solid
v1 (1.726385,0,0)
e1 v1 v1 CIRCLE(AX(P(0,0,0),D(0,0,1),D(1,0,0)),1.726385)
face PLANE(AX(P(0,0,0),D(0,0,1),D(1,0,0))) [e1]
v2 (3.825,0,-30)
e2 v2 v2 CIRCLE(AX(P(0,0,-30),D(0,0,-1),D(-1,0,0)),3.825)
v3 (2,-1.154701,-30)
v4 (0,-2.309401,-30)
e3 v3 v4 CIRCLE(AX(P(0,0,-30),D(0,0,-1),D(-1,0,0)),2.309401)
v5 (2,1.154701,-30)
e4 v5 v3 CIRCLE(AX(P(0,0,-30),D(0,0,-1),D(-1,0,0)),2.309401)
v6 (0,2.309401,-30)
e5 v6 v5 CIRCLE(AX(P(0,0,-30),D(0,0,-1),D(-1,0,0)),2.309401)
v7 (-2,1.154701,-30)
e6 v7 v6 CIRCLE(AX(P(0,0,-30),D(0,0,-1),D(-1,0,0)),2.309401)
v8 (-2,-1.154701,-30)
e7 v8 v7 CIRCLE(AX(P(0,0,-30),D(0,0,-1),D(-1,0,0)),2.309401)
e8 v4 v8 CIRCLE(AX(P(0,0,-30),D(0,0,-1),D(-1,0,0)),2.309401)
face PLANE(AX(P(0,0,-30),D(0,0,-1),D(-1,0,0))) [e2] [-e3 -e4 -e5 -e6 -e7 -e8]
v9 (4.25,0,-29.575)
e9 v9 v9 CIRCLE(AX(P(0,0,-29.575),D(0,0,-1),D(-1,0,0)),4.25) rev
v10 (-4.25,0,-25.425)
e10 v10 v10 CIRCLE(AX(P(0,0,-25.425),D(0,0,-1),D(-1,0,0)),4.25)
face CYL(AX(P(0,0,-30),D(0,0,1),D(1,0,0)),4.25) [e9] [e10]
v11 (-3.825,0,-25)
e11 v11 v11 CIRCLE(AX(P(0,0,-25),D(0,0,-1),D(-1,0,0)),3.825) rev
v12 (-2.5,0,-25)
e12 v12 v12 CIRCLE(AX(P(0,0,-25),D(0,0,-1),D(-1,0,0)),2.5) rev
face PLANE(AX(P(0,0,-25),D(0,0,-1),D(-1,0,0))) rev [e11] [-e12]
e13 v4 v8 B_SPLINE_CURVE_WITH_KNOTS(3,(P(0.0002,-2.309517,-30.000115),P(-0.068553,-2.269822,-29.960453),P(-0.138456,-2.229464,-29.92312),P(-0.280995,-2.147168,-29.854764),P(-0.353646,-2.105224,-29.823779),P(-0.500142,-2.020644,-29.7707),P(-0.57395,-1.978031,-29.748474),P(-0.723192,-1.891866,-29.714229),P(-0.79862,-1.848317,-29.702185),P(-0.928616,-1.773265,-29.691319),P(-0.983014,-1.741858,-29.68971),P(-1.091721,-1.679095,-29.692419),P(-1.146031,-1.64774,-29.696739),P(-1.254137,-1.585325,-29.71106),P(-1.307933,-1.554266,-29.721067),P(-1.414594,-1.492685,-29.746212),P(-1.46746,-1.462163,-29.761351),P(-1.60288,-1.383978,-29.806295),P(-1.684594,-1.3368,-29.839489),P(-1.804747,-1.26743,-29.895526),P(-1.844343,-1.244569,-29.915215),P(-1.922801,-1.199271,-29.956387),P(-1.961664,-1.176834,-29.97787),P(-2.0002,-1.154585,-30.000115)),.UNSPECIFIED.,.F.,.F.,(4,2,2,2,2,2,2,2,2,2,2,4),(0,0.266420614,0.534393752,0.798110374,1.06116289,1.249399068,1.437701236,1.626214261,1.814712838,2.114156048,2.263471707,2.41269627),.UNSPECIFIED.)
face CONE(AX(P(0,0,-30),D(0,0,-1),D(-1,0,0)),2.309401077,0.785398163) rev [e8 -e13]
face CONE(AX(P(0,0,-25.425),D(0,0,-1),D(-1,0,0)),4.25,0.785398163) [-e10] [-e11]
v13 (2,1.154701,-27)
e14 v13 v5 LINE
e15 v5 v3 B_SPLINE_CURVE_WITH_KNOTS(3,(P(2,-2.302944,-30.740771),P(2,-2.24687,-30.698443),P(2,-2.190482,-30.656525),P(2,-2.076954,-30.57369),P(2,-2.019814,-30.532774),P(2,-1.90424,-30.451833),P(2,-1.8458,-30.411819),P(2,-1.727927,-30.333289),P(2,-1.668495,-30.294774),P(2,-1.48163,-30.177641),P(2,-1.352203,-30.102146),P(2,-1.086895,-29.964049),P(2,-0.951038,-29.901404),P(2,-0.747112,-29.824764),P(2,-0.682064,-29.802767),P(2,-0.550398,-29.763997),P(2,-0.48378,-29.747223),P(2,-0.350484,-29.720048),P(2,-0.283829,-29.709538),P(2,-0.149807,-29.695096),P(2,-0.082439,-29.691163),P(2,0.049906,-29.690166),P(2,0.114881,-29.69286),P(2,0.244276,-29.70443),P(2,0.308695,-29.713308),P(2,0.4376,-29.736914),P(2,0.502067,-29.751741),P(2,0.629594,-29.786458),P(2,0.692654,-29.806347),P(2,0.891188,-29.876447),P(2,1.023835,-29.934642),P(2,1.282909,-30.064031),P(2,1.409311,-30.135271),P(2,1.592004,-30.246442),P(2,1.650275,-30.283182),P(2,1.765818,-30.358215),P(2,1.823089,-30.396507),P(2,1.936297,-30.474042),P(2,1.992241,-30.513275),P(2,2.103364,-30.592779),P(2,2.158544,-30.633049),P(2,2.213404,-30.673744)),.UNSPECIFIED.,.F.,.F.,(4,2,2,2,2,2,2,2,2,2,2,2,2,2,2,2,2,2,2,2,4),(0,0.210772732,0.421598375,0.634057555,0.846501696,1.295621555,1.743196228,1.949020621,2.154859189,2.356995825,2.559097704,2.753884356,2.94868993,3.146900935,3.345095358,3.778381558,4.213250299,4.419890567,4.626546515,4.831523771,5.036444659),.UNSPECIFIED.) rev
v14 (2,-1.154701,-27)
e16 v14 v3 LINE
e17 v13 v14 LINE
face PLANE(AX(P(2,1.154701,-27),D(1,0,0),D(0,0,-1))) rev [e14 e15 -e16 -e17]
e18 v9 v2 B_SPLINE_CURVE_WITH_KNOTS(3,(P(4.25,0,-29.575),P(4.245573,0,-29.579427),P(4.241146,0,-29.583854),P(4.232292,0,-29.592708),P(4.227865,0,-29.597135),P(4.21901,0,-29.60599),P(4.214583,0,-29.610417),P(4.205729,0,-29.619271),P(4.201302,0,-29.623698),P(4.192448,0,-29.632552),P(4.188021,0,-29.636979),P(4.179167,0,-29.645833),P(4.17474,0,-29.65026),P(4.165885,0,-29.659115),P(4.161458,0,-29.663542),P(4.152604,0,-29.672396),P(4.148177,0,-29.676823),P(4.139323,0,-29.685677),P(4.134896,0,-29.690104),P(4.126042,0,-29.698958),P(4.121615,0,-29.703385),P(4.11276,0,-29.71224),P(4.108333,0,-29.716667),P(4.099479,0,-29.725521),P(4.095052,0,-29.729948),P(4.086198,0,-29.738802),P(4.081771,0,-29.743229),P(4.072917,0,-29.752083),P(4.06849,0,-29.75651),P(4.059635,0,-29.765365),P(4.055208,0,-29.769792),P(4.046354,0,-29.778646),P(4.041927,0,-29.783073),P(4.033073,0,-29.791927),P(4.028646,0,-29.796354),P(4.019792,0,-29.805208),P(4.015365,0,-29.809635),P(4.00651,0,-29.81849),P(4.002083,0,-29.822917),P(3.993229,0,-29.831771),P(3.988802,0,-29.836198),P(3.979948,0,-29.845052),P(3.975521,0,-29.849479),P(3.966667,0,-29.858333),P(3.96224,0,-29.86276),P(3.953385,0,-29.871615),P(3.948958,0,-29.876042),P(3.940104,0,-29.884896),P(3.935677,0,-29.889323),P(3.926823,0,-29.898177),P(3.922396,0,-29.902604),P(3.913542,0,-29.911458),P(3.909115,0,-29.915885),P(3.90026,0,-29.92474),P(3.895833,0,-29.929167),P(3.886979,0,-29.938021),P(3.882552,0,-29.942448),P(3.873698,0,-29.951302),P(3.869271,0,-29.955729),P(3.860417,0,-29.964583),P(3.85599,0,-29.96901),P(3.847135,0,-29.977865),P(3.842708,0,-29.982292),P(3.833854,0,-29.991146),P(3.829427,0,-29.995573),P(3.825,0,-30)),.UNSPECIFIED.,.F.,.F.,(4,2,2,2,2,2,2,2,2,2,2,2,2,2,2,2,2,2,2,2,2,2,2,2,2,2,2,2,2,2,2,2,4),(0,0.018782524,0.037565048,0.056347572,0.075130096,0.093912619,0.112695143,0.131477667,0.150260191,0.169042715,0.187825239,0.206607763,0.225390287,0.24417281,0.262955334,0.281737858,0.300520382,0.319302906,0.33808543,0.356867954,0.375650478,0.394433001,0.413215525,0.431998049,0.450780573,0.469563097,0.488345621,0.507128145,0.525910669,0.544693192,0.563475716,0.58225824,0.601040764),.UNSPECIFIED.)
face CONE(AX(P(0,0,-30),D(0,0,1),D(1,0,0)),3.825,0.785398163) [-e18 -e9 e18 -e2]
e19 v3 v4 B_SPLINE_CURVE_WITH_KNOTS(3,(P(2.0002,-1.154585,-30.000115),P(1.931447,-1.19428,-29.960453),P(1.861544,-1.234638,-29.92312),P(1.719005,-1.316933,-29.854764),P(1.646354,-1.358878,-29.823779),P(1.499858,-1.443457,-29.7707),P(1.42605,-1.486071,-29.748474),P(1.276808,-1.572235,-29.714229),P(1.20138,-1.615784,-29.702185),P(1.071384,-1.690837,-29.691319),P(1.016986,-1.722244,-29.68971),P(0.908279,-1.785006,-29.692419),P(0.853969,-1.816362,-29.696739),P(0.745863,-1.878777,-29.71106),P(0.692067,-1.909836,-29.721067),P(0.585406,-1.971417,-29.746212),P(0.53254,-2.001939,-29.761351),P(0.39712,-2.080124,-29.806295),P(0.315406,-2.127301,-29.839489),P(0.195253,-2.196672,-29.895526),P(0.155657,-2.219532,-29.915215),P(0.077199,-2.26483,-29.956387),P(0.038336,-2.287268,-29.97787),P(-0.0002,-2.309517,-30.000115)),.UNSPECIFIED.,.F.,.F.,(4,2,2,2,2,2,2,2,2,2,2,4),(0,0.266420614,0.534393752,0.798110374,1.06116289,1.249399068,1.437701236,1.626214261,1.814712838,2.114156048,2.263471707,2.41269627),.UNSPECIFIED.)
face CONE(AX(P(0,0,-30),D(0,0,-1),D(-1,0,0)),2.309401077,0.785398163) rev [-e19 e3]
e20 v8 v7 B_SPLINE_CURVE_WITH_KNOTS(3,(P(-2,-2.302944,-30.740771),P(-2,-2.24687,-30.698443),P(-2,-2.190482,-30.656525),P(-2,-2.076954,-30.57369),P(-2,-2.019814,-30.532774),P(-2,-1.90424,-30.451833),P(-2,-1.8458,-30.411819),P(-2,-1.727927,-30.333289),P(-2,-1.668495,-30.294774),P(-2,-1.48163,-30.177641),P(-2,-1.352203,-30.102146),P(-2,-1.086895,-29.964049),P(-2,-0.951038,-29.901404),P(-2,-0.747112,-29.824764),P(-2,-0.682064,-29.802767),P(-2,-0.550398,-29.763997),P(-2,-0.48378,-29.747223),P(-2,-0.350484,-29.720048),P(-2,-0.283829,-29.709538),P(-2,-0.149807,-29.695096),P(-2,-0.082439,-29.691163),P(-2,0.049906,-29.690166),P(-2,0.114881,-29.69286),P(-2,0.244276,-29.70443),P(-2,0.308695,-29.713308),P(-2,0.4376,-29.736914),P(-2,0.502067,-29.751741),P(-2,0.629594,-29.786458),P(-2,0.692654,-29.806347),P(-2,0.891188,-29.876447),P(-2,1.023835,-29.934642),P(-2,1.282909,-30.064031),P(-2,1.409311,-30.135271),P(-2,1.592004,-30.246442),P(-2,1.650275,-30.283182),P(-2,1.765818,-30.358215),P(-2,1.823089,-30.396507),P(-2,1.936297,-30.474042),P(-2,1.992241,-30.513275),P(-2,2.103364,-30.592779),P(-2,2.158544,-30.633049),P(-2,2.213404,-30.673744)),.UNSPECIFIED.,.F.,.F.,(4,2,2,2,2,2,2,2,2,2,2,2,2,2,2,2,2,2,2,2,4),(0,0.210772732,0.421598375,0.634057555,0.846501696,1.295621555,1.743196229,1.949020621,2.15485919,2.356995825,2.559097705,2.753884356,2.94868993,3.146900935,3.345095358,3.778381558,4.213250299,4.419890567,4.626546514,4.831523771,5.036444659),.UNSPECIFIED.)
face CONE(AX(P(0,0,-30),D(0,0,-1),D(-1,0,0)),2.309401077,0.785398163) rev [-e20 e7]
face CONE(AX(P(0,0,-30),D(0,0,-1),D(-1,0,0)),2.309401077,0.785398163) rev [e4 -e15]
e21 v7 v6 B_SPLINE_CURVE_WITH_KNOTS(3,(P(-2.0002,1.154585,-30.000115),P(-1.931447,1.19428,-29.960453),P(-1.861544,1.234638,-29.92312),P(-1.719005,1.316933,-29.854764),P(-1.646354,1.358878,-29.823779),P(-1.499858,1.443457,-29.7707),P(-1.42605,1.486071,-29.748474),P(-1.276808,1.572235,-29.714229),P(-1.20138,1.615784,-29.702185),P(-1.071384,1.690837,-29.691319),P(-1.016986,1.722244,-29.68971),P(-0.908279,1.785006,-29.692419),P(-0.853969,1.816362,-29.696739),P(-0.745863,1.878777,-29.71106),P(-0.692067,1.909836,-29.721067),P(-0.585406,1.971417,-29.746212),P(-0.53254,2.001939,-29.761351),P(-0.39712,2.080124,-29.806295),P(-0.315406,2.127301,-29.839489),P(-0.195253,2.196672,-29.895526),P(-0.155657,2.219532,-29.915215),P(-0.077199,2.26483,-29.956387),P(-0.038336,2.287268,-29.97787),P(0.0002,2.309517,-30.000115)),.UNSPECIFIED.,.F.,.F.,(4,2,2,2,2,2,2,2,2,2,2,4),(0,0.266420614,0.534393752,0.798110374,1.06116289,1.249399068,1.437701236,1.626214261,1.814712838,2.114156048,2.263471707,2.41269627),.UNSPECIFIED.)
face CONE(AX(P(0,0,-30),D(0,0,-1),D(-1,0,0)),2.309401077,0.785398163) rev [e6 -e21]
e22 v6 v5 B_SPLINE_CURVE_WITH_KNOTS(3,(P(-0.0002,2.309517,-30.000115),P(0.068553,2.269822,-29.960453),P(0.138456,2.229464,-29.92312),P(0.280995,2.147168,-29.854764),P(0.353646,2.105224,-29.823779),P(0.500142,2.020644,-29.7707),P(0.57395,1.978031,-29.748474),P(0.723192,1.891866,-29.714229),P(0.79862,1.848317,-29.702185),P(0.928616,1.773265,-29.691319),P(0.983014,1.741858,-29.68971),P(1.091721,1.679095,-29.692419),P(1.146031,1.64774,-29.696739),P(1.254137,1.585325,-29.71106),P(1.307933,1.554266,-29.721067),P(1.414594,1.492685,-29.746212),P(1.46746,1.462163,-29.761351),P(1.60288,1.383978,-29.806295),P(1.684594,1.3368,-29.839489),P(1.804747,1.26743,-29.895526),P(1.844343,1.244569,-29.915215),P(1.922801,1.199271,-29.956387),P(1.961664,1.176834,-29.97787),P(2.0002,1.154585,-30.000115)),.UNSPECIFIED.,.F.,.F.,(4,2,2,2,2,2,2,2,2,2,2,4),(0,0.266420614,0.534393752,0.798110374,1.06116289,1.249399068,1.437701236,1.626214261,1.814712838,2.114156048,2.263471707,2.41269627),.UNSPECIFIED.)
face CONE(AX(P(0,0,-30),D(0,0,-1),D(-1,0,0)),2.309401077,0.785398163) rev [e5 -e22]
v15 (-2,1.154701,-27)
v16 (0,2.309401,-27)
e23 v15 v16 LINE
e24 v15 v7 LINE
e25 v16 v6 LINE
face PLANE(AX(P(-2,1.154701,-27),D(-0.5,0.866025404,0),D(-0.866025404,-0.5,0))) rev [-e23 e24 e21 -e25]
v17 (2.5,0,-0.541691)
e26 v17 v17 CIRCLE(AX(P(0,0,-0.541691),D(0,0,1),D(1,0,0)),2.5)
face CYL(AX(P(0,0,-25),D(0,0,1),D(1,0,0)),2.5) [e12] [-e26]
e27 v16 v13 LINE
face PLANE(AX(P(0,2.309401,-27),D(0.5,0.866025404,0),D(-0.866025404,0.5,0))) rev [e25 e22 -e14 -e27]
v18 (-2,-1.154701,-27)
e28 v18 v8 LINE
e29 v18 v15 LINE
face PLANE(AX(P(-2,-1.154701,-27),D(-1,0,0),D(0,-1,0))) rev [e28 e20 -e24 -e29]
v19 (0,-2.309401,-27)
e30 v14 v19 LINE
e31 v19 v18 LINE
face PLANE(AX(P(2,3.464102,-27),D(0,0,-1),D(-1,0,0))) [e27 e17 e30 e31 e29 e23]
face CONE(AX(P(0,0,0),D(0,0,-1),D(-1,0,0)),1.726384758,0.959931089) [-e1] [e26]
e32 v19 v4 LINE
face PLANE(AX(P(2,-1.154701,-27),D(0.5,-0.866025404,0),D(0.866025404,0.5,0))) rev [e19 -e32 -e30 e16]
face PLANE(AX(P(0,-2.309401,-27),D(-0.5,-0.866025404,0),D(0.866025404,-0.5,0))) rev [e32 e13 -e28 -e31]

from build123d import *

# Parameters (mm, degrees)
SKETCH1_R          = 2.5
EXTRUDE1_DEPTH     = 25
SKETCH6_R          = 4.25
EXTRUDE2_DEPTH     = 5
CUT_EXTRUDE1_DEPTH = 3
CHAMFER1_SIZE      = 0.425


with BuildPart() as part:
    # Sketch1 → Extrude1 (new body)
    with BuildSketch(Plane.XY):
        Circle(SKETCH1_R)
    extrude(amount=-EXTRUDE1_DEPTH)

    # Sketch4 → Cut-Revolve1 (revolve, cut)
    with BuildSketch(Plane(origin=(0, 0, 0), x_dir=(0, 0, -1), z_dir=(1, 0, 0))):
        Polygon((0.541691224, 2.5), (0, 1.726384758), (0, 2.5), align=None)
    revolve(axis=Axis((0, 0, 0), (0, 0, -1)), mode=Mode.SUBTRACT)

    # Sketch6 → Extrude2 (add)
    with BuildSketch(Plane(origin=(0, 0, -25), x_dir=(-1, 0, 0), z_dir=(0, 0, -1))):
        Circle(SKETCH6_R)
    extrude(amount=EXTRUDE2_DEPTH)

    # Sketch7 → Cut-Extrude1 (cut)
    with BuildSketch(Plane(origin=(0, 0, -30), x_dir=(-1, 0, 0), z_dir=(0, 0, -1))):
        Polygon((0, 2.309401077), (-2, 1.154700538), (-2, -1.154700538), (0, -2.309401077), (2, -1.154700538), (2, 1.154700538), align=None)
    extrude(amount=-CUT_EXTRUDE1_DEPTH, mode=Mode.SUBTRACT)

    # Cut-Extrude2 cone 1 section (through the dimple's axis) → Cut-Extrude2 (revolve, cut)
    with BuildSketch(Plane(origin=(0, 0, -30), x_dir=(0, 1, 0), z_dir=(1, 0, 0))):
        Polygon((0, 0), (2.309401077, 0), (0, 2.309401077), align=None)
    revolve(axis=Axis((0, 0, -30), (0, 0, 1)), mode=Mode.SUBTRACT)

    # Chamfer1
    chamfer1_edges = [part.edges().sort_by_distance(p)[0] for p in [
        (4.25, 0, -30),
        (4.25, 0, -25),
    ]]
    chamfer(chamfer1_edges, length=CHAMFER1_SIZE)


solid = part.part
